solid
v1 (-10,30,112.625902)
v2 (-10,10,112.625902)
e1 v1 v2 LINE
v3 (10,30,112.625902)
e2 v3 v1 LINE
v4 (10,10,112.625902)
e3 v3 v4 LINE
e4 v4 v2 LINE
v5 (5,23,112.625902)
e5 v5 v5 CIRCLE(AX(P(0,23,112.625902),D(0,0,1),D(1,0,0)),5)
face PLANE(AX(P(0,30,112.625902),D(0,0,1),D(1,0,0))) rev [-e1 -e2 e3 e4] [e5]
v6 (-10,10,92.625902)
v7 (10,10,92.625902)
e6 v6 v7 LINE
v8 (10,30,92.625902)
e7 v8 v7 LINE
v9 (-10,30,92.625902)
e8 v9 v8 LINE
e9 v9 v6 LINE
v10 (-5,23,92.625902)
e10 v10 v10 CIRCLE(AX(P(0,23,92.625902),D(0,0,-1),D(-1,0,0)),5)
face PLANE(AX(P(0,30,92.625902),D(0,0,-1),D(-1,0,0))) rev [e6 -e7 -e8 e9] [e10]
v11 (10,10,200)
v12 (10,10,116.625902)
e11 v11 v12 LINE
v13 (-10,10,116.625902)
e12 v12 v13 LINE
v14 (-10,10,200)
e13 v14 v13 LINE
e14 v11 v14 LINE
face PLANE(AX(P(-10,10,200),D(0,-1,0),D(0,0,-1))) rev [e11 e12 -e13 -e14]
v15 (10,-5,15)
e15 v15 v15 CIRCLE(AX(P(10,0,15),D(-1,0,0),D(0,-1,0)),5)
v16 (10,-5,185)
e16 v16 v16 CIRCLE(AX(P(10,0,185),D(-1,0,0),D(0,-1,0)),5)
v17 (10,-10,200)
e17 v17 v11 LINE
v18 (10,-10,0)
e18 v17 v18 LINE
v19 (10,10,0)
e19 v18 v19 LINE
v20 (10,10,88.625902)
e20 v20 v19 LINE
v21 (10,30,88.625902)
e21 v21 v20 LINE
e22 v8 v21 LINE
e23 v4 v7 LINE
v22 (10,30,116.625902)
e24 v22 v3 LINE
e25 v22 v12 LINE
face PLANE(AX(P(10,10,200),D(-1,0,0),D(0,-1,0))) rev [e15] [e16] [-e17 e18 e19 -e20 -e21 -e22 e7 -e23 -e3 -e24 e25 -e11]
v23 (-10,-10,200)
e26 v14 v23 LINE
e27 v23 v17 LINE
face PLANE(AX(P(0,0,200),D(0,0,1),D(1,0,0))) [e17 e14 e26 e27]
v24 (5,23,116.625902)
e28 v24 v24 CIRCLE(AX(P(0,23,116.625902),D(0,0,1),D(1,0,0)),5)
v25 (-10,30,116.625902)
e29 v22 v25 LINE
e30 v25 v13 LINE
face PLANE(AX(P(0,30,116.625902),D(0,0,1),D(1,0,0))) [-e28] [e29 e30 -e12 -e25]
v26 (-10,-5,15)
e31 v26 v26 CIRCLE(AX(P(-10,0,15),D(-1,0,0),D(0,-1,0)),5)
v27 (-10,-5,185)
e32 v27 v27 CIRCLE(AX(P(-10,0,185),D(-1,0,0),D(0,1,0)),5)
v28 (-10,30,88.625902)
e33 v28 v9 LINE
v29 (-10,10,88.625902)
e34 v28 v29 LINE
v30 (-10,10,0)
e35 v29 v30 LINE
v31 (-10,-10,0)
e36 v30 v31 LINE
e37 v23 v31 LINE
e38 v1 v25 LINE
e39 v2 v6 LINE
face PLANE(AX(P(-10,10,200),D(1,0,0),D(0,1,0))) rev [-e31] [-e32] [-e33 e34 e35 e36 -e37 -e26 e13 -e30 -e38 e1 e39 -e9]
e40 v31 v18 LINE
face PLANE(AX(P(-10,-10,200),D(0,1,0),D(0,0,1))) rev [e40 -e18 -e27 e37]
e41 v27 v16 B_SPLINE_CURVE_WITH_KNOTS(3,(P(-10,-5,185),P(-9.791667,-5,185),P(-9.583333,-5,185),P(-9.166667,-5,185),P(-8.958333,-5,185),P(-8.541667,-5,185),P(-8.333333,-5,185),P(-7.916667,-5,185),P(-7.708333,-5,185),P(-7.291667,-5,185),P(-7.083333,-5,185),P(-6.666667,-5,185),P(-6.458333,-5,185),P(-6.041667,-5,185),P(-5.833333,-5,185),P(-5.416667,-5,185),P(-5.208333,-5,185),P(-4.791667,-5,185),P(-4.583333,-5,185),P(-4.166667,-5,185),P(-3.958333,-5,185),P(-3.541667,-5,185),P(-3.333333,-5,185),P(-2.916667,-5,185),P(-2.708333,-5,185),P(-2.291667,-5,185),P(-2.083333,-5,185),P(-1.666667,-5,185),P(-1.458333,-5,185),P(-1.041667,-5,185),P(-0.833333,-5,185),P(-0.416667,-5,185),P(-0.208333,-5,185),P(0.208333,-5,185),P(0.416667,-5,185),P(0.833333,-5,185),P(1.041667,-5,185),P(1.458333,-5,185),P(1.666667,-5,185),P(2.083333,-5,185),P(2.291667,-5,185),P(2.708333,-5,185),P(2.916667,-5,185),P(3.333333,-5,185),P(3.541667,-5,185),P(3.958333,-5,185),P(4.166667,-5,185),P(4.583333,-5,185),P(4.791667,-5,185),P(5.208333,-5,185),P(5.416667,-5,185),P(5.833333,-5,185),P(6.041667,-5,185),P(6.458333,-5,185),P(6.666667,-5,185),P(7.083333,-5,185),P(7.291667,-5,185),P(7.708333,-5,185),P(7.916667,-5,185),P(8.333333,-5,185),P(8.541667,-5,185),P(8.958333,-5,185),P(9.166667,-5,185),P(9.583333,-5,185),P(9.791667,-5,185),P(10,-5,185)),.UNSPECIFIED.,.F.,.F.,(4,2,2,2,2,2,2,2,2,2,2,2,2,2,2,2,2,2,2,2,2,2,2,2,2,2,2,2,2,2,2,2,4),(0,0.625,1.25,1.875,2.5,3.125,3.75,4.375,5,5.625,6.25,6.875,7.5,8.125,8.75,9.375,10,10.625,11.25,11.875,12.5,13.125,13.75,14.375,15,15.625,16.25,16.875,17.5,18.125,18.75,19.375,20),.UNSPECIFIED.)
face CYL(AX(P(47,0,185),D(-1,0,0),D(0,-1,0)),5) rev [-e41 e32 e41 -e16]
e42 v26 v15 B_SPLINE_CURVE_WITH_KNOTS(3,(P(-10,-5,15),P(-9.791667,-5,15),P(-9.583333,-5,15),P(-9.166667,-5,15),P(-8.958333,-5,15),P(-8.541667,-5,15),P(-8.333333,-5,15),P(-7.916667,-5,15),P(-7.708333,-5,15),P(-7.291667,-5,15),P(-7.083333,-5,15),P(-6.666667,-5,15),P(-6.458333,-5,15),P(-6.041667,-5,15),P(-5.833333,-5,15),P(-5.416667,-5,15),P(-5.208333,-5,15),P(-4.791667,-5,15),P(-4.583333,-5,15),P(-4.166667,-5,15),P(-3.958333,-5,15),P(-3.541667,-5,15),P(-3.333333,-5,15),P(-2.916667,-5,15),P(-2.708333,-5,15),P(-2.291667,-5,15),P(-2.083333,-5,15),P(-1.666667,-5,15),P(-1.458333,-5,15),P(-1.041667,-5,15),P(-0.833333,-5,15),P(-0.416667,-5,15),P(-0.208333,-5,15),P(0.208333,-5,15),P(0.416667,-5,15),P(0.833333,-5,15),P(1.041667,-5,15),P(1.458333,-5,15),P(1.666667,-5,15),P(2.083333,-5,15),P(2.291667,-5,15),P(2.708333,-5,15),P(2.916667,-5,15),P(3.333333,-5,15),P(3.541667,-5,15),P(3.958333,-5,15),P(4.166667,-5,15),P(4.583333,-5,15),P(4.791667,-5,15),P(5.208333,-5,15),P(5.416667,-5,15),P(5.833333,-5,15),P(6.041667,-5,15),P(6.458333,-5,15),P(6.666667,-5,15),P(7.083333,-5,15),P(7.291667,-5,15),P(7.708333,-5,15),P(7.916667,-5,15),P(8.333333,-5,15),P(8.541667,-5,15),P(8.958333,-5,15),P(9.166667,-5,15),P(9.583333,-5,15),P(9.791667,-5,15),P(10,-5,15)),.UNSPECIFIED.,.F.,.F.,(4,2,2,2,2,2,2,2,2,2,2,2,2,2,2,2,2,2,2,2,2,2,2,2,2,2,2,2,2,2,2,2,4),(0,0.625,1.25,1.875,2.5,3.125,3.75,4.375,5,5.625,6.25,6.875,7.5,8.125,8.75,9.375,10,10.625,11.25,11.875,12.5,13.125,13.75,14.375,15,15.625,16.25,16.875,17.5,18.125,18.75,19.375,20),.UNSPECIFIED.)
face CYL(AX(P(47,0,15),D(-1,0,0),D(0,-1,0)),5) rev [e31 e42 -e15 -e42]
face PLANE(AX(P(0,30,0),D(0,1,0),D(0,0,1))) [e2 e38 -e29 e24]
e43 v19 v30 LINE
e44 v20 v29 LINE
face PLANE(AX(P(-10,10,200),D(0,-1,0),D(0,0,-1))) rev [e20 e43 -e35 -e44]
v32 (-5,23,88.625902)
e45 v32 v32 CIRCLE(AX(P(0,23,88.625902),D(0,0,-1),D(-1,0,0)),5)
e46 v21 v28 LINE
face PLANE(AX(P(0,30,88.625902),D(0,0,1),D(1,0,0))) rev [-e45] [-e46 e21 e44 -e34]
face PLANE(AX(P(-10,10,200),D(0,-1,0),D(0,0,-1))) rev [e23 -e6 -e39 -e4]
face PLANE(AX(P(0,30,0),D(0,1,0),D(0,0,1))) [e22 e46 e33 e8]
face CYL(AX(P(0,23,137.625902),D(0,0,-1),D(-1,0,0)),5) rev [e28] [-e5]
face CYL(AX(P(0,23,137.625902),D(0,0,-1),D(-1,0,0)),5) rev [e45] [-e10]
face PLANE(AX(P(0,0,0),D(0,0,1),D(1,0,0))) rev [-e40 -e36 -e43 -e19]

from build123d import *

# Parameters (mm, degrees)
SKETCH1_W           = 20
SKETCH1_H           = 20
BOSS_EXTRUDE1_DEPTH = 200
SKETCH3_R           = 5
CUT_EXTRUDE1_DEPTH  = 57
SKETCH4_W           = 20
SKETCH4_H           = 4
BOSS_EXTRUDE2_DEPTH = 20
SKETCH5_R           = 5
CUT_EXTRUDE2_DEPTH  = 49


with BuildPart() as part:
    # Sketch1 → Boss-Extrude1 (new body)
    with BuildSketch(Plane.XY):
        Rectangle(SKETCH1_W, SKETCH1_H)
    extrude(amount=BOSS_EXTRUDE1_DEPTH)

    # Sketch3 → Cut-Extrude1 (cut)
    with BuildSketch(Plane.ZY.offset(10)):
        with Locations(Location((15, 0, 0), (0, 0, 270))):
            Circle(SKETCH3_R)
        with Locations(Location((185, 0, 0), (0, 0, 270))):
            Circle(SKETCH3_R)
    extrude(amount=-CUT_EXTRUDE1_DEPTH, mode=Mode.SUBTRACT)

    # Sketch4 → Boss-Extrude2 (add)
    with BuildSketch(Plane(origin=(0, 10, 0), x_dir=(1, 0, 0), z_dir=(0, 1, 0))):
        with Locations((0, -114.625901795)):
            Rectangle(SKETCH4_W, SKETCH4_H)
        with Locations((0, -90.625901795)):
            Rectangle(SKETCH4_W, SKETCH4_H)
    extrude(amount=BOSS_EXTRUDE2_DEPTH)

    # Sketch5 → Cut-Extrude2 (cut)
    with BuildSketch(Plane(origin=(0, 0, 88.625901795), x_dir=(-1, 0, 0), z_dir=(0, 0, -1))):
        with Locations((0, 23)):
            Circle(SKETCH5_R)
    extrude(amount=-CUT_EXTRUDE2_DEPTH, mode=Mode.SUBTRACT)


solid = part.part
